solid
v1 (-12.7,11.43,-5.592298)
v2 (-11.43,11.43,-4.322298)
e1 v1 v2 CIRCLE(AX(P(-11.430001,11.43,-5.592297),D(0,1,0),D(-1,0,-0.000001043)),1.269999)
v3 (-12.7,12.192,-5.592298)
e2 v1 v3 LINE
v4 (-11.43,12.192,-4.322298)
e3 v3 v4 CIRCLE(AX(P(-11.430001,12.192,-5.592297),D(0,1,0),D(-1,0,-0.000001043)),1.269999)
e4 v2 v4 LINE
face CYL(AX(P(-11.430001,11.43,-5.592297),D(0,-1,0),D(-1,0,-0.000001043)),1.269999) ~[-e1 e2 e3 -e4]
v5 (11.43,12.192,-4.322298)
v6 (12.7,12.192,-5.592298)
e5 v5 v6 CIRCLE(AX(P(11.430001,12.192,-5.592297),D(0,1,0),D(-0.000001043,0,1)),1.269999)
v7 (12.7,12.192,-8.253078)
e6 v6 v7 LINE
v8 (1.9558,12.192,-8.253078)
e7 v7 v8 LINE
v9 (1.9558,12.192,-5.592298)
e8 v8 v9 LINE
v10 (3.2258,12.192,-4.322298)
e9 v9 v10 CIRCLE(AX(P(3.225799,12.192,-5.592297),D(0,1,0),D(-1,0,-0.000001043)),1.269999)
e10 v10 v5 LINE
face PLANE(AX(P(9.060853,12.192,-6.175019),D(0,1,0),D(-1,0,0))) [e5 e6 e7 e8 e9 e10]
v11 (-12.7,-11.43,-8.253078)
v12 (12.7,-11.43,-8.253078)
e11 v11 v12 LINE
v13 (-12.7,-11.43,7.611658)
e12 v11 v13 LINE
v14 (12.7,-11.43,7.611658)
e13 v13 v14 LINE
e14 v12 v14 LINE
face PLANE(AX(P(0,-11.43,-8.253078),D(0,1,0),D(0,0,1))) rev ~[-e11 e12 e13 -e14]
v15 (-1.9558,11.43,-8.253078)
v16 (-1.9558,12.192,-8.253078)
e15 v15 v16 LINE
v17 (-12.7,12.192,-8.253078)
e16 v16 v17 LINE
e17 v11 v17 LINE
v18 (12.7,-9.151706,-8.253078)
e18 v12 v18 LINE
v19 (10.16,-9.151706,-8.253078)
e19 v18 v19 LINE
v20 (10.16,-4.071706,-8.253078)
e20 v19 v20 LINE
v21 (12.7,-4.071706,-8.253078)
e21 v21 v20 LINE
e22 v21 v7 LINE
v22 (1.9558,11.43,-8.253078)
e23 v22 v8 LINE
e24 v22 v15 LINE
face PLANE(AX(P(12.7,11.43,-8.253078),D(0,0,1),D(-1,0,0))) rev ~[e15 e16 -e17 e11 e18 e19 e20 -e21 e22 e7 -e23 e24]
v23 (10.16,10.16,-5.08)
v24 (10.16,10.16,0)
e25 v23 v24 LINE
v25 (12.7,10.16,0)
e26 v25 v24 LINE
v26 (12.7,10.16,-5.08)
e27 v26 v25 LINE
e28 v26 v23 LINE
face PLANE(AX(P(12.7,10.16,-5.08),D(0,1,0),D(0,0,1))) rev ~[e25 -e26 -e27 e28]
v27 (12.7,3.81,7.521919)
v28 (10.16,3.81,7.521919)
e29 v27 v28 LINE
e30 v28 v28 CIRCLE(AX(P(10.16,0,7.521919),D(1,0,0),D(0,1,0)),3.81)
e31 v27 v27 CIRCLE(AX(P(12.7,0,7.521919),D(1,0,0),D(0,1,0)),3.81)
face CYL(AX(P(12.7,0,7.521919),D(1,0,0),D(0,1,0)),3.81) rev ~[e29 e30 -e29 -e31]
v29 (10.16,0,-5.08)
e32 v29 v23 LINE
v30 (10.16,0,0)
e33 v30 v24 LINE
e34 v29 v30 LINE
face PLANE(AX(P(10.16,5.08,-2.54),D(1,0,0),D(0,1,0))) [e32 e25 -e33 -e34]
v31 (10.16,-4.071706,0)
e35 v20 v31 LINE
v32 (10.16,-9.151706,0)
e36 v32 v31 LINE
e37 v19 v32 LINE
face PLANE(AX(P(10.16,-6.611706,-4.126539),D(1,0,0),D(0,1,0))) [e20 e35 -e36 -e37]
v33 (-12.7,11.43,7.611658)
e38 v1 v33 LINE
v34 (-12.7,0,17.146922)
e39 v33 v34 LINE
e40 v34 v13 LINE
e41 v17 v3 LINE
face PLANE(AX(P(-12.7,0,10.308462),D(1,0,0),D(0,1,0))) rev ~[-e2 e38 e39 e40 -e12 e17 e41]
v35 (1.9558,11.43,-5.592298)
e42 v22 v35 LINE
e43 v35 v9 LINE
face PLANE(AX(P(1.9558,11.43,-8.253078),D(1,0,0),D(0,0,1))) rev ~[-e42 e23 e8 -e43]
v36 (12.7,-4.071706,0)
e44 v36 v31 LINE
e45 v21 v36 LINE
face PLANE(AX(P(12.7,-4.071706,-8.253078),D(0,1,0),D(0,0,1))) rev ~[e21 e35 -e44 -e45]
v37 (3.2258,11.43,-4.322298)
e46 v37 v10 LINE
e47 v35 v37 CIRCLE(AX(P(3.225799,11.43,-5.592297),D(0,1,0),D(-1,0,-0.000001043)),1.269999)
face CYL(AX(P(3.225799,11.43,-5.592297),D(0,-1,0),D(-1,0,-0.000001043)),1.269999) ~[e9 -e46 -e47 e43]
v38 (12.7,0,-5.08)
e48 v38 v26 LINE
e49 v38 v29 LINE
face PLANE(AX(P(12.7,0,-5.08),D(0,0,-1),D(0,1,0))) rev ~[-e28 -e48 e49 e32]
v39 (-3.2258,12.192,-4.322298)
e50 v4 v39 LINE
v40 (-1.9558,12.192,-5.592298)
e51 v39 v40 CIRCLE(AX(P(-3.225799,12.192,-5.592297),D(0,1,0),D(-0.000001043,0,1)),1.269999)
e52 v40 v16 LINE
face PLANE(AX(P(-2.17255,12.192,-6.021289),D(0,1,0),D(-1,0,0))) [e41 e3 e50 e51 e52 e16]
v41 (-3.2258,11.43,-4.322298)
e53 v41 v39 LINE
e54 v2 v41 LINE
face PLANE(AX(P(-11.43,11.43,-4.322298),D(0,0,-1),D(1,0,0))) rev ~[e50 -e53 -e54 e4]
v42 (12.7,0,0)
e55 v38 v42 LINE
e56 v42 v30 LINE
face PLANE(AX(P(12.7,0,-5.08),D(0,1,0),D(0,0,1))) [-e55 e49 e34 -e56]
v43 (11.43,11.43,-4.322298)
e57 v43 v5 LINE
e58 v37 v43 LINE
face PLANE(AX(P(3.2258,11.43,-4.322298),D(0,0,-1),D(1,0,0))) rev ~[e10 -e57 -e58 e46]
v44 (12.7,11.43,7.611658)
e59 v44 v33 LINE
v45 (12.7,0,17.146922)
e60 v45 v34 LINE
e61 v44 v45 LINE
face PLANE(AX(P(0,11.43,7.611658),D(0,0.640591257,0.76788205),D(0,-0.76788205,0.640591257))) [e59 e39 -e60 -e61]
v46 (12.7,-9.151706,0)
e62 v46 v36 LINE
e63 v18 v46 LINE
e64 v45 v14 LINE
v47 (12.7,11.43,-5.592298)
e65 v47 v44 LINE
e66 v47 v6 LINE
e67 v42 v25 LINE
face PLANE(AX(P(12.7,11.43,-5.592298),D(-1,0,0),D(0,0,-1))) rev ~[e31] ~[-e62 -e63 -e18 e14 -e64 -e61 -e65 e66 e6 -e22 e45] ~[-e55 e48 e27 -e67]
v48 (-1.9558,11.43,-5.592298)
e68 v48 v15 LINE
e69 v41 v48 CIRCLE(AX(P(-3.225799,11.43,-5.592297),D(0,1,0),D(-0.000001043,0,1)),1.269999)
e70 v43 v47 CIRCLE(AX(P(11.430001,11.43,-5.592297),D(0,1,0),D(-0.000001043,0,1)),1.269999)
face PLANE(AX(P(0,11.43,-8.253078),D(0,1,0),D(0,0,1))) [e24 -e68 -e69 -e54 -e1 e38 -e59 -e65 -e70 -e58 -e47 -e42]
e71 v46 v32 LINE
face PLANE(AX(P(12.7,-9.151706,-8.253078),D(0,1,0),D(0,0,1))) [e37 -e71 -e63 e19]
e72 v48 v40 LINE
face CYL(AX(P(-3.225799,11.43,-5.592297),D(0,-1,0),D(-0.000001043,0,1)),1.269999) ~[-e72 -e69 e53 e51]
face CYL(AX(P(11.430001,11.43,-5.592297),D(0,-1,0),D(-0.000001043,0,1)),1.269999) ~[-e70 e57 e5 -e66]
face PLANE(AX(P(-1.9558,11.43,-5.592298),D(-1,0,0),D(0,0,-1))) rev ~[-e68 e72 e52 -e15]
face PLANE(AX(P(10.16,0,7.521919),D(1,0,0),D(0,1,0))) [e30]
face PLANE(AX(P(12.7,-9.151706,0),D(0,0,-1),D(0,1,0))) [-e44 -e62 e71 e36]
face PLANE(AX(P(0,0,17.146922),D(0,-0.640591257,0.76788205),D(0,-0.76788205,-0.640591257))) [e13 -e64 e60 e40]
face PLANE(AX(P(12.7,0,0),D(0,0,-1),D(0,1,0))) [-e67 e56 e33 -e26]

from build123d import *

# Parameters (mm, degrees)
F0_W     = 22.86
F0_H     = 15.864736
F1_DEPTH = 12.7
F2_W     = 5.08
F2_H     = 8.253078
F2_W_2   = 10.16
F2_H_2   = 5.08
F2_R     = 3.81
F3_DEPTH = 2.54
F5_DEPTH = 0.762


with BuildPart() as f1:
    # F0 (on Right) → F1 (new body, symmetric)
    with BuildSketch(Plane.YZ):
        Polygon((0, 17.146922), (-11.43, 7.611658), (11.43, 7.611658), align=None)
        with Locations((0, -0.32071)):
            Rectangle(F0_W, F0_H)
    extrude(amount=F1_DEPTH, both=True)

    # F2 (on face) → F3 (cut)
    with BuildSketch(Plane.YZ.offset(12.7)):
        with Locations((-6.611706, -4.126539)):
            Rectangle(F2_W, F2_H)
        with Locations((5.08, -2.54)):
            Rectangle(F2_W_2, F2_H_2)
        with Locations((0, 7.521919)):
            Circle(F2_R)
    extrude(amount=-F3_DEPTH, mode=Mode.SUBTRACT)

    # F4 (on face) → F5 (join)
    with BuildSketch(Plane(origin=(0, 11.43, 0), x_dir=(-1, 0, 0), z_dir=(0, 1, 0))):
        with BuildLine():
            Line((-5.059074, -4.322298), (-11.43, -4.322298))
            ThreePointArc((-11.43, -4.322298), (-12.328026, -4.694272), (-12.7, -5.592298))
            Line((-12.7, -5.592298), (-12.7, -8.253078))
            Line((-12.7, -8.253078), (-6.329074, -8.253078))
            Line((-6.329074, -8.253078), (-6.329074, -5.592298))
            ThreePointArc((-6.329074, -5.592298), (-5.9571, -4.694272), (-5.059074, -4.322298))
        make_face()
        with BuildLine():
            Line((-3.246726, -4.322298), (-5.059074, -4.322298))
            ThreePointArc((-5.059074, -4.322298), (-5.9571, -4.694272), (-6.329074, -5.592298))
            Line((-6.329074, -5.592298), (-6.329074, -8.253078))
            Line((-6.329074, -8.253078), (-1.976726, -8.253078))
            Line((-1.976726, -8.253078), (-1.976726, -5.592298))
            ThreePointArc((-1.976726, -5.592298), (-2.3487, -4.694272), (-3.246726, -4.322298))
        make_face()
        with BuildLine():
            Line((-3.2258, -4.322298), (-3.246726, -4.322298))
            ThreePointArc((-3.246726, -4.322298), (-2.3487, -4.694272), (-1.976726, -5.592298))
            Line((-1.976726, -5.592298), (-1.976726, -8.253078))
            Line((-1.976726, -8.253078), (-1.9558, -8.253078))
            Line((-1.9558, -8.253078), (-1.9558, -5.592298))
            ThreePointArc((-1.9558, -5.592298), (-2.327774, -4.694272), (-3.2258, -4.322298))
        make_face()
        with BuildLine():
            Line((3.246726, -4.322298), (3.2258, -4.322298))
            ThreePointArc((3.2258, -4.322298), (2.327774, -4.694272), (1.9558, -5.592298))
            Line((1.9558, -5.592298), (1.9558, -8.253078))
            Line((1.9558, -8.253078), (1.976726, -8.253078))
            Line((1.976726, -8.253078), (1.976726, -5.592298))
            ThreePointArc((1.976726, -5.592298), (2.3487, -4.694272), (3.246726, -4.322298))
        make_face()
        with BuildLine():
            Line((5.059074, -4.322298), (3.246726, -4.322298))
            ThreePointArc((3.246726, -4.322298), (2.3487, -4.694272), (1.976726, -5.592298))
            Line((1.976726, -5.592298), (1.976726, -8.253078))
            Line((1.976726, -8.253078), (6.329074, -8.253078))
            Line((6.329074, -8.253078), (6.329074, -5.592298))
            ThreePointArc((6.329074, -5.592298), (5.9571, -4.694272), (5.059074, -4.322298))
        make_face()
        with BuildLine():
            Line((11.43, -4.322298), (5.059074, -4.322298))
            ThreePointArc((5.059074, -4.322298), (5.9571, -4.694272), (6.329074, -5.592298))
            Line((6.329074, -5.592298), (6.329074, -8.253078))
            Line((6.329074, -8.253078), (12.7, -8.253078))
            Line((12.7, -8.253078), (12.7, -5.592298))
            ThreePointArc((12.7, -5.592298), (12.328026, -4.694272), (11.43, -4.322298))
        make_face()
    extrude(amount=F5_DEPTH)


solid = f1.part
